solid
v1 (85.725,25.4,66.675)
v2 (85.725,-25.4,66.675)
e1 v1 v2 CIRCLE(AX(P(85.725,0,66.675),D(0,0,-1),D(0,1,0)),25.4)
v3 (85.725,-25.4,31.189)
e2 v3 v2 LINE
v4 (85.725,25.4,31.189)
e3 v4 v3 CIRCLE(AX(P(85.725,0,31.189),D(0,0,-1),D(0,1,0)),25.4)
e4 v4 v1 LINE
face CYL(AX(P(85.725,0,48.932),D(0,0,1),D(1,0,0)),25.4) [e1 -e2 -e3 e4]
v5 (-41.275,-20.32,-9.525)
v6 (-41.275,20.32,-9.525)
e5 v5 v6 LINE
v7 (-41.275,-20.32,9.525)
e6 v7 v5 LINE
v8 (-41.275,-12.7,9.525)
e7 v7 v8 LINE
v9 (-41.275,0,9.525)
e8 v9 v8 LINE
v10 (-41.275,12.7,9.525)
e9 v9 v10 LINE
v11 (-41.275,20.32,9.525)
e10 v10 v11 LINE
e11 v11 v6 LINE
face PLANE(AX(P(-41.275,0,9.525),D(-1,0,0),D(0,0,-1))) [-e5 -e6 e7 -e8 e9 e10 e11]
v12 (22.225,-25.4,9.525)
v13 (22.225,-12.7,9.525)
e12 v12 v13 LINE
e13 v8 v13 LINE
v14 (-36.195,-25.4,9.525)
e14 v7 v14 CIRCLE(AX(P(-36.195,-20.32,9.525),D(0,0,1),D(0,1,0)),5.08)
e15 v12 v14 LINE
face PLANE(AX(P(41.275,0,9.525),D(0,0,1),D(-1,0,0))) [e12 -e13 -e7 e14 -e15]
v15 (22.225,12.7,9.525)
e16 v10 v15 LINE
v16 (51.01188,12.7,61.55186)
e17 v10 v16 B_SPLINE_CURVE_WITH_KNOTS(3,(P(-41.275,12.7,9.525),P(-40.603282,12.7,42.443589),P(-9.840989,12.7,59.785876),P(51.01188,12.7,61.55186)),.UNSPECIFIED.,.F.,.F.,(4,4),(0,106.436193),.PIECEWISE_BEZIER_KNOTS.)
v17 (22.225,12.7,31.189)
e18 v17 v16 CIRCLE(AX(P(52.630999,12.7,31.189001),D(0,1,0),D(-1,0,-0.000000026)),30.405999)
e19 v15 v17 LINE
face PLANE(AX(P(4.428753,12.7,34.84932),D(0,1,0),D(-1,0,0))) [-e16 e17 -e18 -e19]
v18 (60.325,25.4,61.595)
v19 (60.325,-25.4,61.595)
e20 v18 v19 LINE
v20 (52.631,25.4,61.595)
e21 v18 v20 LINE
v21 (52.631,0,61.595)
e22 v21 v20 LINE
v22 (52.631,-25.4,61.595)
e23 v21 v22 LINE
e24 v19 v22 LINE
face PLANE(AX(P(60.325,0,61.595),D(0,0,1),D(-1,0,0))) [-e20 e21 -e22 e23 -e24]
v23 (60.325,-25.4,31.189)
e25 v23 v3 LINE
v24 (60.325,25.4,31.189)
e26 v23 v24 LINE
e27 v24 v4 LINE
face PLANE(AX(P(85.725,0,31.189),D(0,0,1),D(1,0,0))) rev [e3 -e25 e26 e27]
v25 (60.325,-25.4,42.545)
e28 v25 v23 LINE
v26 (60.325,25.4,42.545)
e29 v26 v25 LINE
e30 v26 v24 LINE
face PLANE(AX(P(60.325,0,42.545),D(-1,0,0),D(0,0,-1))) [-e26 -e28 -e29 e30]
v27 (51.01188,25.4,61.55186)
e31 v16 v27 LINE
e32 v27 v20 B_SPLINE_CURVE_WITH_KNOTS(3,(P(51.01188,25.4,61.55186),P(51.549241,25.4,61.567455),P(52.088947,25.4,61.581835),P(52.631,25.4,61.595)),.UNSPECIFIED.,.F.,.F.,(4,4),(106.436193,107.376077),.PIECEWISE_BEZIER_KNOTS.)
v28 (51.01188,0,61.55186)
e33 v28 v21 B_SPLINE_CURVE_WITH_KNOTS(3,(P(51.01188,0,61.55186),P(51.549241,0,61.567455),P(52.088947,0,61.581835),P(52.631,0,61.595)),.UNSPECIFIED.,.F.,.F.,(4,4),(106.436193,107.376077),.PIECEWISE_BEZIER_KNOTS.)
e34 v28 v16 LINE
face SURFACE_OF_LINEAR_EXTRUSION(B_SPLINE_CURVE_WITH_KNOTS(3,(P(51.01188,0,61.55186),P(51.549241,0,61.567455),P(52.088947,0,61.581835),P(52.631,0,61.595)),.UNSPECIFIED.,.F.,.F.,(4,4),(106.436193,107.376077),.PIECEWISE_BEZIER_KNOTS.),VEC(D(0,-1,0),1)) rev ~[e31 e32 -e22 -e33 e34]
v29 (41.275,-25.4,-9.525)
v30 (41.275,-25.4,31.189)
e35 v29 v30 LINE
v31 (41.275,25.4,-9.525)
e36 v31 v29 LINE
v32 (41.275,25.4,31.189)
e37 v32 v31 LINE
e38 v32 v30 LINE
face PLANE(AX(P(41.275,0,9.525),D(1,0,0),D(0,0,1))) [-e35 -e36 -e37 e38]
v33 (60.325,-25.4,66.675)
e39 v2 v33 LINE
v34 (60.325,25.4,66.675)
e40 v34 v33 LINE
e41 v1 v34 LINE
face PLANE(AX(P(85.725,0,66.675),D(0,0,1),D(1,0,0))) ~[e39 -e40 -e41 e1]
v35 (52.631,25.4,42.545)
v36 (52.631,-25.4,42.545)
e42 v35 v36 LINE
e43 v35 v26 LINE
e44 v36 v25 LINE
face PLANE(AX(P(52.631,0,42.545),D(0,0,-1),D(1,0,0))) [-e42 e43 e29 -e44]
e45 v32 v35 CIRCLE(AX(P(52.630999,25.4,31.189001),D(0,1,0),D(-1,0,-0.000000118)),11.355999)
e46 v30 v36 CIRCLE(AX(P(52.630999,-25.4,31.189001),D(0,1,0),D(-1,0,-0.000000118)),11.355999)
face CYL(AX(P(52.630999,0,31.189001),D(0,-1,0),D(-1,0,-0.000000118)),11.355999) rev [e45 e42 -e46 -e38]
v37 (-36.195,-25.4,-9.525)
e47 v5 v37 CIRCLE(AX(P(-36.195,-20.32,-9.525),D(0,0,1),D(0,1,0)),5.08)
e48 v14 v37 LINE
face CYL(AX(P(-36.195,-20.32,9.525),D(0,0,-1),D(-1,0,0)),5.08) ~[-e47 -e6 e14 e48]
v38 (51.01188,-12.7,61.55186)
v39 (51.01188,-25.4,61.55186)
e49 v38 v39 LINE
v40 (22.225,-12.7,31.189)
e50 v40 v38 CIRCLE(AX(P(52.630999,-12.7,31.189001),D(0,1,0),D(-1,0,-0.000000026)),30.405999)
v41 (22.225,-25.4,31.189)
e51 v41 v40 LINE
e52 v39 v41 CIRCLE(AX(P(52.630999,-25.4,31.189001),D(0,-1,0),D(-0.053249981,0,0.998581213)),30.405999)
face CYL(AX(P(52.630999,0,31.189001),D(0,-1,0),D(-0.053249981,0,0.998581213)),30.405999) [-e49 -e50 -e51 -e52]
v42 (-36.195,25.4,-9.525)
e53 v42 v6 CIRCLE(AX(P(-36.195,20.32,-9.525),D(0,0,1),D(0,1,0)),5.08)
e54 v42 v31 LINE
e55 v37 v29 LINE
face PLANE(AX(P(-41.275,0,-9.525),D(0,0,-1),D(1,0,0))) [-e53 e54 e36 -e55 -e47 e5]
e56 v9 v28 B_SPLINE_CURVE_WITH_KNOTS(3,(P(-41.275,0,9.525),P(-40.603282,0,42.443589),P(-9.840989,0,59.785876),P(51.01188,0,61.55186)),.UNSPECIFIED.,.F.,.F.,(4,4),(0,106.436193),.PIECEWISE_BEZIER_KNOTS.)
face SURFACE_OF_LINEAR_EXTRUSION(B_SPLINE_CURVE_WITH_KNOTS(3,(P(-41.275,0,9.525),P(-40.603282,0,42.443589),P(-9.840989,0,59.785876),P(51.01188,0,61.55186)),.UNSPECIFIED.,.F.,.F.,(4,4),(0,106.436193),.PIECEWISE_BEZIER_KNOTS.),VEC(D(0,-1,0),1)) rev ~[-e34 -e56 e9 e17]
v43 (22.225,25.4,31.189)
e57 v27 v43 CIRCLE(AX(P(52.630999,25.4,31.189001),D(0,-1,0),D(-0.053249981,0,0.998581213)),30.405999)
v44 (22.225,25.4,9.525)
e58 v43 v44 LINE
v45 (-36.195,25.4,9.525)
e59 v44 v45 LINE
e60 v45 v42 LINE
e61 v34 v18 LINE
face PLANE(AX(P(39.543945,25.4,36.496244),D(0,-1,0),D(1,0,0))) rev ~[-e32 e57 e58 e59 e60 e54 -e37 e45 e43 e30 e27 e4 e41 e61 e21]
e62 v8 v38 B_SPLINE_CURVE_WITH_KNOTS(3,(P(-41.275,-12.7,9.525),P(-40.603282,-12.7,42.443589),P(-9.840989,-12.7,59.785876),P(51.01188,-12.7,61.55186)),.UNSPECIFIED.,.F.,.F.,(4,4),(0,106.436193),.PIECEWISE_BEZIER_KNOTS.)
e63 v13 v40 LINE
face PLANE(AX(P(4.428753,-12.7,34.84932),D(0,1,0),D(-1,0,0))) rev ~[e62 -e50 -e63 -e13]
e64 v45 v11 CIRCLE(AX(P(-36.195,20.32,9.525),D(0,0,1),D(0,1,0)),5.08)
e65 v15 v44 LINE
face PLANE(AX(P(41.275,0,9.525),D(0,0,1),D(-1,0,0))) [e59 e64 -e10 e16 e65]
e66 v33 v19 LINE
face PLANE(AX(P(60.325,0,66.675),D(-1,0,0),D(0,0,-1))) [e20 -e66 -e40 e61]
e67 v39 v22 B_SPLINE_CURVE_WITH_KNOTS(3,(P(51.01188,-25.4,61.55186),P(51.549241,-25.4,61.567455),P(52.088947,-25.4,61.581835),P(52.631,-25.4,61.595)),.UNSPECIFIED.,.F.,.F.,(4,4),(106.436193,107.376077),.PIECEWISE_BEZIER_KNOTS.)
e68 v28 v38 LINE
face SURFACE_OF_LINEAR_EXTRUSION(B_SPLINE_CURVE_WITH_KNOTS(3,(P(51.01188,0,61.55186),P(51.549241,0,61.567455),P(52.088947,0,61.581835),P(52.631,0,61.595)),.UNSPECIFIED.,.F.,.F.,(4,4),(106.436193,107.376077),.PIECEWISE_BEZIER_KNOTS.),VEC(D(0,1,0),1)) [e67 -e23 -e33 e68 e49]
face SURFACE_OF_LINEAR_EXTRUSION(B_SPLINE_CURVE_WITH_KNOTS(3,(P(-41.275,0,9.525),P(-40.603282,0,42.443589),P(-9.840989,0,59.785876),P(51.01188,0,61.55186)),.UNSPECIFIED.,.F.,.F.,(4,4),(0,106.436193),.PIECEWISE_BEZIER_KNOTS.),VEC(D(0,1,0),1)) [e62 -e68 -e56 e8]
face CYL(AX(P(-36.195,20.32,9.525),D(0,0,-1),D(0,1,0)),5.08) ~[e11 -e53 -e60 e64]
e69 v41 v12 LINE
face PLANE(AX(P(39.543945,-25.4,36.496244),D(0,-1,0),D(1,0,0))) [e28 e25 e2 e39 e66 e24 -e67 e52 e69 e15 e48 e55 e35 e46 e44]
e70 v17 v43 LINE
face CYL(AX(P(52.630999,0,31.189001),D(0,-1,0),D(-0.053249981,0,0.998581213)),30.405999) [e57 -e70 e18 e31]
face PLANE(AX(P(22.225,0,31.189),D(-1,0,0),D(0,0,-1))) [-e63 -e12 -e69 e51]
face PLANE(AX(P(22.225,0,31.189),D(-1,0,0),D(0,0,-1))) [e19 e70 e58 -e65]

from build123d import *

# Parameters (mm, degrees)
F1_DEPTH = 25.4
F2_DEPTH = 25.4
F3_DEPTH = 12.7
F0_W     = 25.4
F0_H     = 35.486
F5_R     = 5.08


with BuildPart() as f1:
    # F0 (on Front) → F1 (new body, symmetric)
    with BuildSketch(Plane.XZ):
        Polygon((-41.275, -9.525), (41.275, -9.525), (41.275, 9.525), (22.225, 9.525), (-41.275, 9.525), align=None)
    extrude(amount=F1_DEPTH, both=True)

    # F0 (on Front) → F2 (join, symmetric)
    with BuildSketch(Plane.XZ):
        with BuildLine():
            Line((22.225, 9.525), (41.275, 9.525))
            Line((41.275, 9.525), (41.275, 31.189))
            ThreePointArc((41.275, 31.189), (44.601095, 39.218905), (52.631, 42.545))
            Line((52.631, 42.545), (60.325, 42.545))
            Line((60.325, 42.545), (60.325, 61.595))
            Line((60.325, 61.595), (52.631, 61.595))
            add(Edge.make_bspline(
                [(51.01188, 61.55186), (51.549241, 61.567455), (52.088947, 61.581835), (52.631, 61.595)],
                knots=[106.436193, 106.436193, 106.436193, 106.436193, 107.376077, 107.376077, 107.376077, 107.376077], degree=3))
            ThreePointArc((51.01188, 61.55186), (30.56569, 52.109013), (22.225, 31.189))
            Line((22.225, 31.189), (22.225, 9.525))
        make_face()
        Polygon((60.325, 61.595), (60.325, 42.545), (60.325, 31.189), (85.725, 31.189), (85.725, 66.675), (60.325, 66.675), align=None)
    extrude(amount=F2_DEPTH, both=True)

    # F0 (on Front) → F3 (join, symmetric)
    with BuildSketch(Plane.XZ):
        with BuildLine():
            add(Edge.make_bspline(
                [(-41.275, 9.525), (-40.603282, 42.443589), (-9.840989, 59.785876), (51.01188, 61.55186)],
                knots=[0, 0, 0, 0, 106.436193, 106.436193, 106.436193, 106.436193], degree=3))
            Line((-41.275, 9.525), (22.225, 9.525))
            Line((22.225, 9.525), (22.225, 31.189))
            ThreePointArc((22.225, 31.189), (30.56569, 52.109013), (51.01188, 61.55186))
        make_face()
    extrude(amount=F3_DEPTH, both=True)

    # F0 (on Front) → F4 (revolve)
    with BuildSketch(Plane.XZ):
        with Locations((98.425, 48.932)):
            Rectangle(F0_W, F0_H)
    revolve(axis=Axis((85.725, 0, 48.932), (0, 0, 1)))

    # F5
    f5_edges = [f1.edges().sort_by_distance(p)[0] for p in [
        (-41.275, -25.4, 0),
        (-41.275, 25.4, 0),
    ]]
    fillet(f5_edges, radius=F5_R)


solid = f1.part
